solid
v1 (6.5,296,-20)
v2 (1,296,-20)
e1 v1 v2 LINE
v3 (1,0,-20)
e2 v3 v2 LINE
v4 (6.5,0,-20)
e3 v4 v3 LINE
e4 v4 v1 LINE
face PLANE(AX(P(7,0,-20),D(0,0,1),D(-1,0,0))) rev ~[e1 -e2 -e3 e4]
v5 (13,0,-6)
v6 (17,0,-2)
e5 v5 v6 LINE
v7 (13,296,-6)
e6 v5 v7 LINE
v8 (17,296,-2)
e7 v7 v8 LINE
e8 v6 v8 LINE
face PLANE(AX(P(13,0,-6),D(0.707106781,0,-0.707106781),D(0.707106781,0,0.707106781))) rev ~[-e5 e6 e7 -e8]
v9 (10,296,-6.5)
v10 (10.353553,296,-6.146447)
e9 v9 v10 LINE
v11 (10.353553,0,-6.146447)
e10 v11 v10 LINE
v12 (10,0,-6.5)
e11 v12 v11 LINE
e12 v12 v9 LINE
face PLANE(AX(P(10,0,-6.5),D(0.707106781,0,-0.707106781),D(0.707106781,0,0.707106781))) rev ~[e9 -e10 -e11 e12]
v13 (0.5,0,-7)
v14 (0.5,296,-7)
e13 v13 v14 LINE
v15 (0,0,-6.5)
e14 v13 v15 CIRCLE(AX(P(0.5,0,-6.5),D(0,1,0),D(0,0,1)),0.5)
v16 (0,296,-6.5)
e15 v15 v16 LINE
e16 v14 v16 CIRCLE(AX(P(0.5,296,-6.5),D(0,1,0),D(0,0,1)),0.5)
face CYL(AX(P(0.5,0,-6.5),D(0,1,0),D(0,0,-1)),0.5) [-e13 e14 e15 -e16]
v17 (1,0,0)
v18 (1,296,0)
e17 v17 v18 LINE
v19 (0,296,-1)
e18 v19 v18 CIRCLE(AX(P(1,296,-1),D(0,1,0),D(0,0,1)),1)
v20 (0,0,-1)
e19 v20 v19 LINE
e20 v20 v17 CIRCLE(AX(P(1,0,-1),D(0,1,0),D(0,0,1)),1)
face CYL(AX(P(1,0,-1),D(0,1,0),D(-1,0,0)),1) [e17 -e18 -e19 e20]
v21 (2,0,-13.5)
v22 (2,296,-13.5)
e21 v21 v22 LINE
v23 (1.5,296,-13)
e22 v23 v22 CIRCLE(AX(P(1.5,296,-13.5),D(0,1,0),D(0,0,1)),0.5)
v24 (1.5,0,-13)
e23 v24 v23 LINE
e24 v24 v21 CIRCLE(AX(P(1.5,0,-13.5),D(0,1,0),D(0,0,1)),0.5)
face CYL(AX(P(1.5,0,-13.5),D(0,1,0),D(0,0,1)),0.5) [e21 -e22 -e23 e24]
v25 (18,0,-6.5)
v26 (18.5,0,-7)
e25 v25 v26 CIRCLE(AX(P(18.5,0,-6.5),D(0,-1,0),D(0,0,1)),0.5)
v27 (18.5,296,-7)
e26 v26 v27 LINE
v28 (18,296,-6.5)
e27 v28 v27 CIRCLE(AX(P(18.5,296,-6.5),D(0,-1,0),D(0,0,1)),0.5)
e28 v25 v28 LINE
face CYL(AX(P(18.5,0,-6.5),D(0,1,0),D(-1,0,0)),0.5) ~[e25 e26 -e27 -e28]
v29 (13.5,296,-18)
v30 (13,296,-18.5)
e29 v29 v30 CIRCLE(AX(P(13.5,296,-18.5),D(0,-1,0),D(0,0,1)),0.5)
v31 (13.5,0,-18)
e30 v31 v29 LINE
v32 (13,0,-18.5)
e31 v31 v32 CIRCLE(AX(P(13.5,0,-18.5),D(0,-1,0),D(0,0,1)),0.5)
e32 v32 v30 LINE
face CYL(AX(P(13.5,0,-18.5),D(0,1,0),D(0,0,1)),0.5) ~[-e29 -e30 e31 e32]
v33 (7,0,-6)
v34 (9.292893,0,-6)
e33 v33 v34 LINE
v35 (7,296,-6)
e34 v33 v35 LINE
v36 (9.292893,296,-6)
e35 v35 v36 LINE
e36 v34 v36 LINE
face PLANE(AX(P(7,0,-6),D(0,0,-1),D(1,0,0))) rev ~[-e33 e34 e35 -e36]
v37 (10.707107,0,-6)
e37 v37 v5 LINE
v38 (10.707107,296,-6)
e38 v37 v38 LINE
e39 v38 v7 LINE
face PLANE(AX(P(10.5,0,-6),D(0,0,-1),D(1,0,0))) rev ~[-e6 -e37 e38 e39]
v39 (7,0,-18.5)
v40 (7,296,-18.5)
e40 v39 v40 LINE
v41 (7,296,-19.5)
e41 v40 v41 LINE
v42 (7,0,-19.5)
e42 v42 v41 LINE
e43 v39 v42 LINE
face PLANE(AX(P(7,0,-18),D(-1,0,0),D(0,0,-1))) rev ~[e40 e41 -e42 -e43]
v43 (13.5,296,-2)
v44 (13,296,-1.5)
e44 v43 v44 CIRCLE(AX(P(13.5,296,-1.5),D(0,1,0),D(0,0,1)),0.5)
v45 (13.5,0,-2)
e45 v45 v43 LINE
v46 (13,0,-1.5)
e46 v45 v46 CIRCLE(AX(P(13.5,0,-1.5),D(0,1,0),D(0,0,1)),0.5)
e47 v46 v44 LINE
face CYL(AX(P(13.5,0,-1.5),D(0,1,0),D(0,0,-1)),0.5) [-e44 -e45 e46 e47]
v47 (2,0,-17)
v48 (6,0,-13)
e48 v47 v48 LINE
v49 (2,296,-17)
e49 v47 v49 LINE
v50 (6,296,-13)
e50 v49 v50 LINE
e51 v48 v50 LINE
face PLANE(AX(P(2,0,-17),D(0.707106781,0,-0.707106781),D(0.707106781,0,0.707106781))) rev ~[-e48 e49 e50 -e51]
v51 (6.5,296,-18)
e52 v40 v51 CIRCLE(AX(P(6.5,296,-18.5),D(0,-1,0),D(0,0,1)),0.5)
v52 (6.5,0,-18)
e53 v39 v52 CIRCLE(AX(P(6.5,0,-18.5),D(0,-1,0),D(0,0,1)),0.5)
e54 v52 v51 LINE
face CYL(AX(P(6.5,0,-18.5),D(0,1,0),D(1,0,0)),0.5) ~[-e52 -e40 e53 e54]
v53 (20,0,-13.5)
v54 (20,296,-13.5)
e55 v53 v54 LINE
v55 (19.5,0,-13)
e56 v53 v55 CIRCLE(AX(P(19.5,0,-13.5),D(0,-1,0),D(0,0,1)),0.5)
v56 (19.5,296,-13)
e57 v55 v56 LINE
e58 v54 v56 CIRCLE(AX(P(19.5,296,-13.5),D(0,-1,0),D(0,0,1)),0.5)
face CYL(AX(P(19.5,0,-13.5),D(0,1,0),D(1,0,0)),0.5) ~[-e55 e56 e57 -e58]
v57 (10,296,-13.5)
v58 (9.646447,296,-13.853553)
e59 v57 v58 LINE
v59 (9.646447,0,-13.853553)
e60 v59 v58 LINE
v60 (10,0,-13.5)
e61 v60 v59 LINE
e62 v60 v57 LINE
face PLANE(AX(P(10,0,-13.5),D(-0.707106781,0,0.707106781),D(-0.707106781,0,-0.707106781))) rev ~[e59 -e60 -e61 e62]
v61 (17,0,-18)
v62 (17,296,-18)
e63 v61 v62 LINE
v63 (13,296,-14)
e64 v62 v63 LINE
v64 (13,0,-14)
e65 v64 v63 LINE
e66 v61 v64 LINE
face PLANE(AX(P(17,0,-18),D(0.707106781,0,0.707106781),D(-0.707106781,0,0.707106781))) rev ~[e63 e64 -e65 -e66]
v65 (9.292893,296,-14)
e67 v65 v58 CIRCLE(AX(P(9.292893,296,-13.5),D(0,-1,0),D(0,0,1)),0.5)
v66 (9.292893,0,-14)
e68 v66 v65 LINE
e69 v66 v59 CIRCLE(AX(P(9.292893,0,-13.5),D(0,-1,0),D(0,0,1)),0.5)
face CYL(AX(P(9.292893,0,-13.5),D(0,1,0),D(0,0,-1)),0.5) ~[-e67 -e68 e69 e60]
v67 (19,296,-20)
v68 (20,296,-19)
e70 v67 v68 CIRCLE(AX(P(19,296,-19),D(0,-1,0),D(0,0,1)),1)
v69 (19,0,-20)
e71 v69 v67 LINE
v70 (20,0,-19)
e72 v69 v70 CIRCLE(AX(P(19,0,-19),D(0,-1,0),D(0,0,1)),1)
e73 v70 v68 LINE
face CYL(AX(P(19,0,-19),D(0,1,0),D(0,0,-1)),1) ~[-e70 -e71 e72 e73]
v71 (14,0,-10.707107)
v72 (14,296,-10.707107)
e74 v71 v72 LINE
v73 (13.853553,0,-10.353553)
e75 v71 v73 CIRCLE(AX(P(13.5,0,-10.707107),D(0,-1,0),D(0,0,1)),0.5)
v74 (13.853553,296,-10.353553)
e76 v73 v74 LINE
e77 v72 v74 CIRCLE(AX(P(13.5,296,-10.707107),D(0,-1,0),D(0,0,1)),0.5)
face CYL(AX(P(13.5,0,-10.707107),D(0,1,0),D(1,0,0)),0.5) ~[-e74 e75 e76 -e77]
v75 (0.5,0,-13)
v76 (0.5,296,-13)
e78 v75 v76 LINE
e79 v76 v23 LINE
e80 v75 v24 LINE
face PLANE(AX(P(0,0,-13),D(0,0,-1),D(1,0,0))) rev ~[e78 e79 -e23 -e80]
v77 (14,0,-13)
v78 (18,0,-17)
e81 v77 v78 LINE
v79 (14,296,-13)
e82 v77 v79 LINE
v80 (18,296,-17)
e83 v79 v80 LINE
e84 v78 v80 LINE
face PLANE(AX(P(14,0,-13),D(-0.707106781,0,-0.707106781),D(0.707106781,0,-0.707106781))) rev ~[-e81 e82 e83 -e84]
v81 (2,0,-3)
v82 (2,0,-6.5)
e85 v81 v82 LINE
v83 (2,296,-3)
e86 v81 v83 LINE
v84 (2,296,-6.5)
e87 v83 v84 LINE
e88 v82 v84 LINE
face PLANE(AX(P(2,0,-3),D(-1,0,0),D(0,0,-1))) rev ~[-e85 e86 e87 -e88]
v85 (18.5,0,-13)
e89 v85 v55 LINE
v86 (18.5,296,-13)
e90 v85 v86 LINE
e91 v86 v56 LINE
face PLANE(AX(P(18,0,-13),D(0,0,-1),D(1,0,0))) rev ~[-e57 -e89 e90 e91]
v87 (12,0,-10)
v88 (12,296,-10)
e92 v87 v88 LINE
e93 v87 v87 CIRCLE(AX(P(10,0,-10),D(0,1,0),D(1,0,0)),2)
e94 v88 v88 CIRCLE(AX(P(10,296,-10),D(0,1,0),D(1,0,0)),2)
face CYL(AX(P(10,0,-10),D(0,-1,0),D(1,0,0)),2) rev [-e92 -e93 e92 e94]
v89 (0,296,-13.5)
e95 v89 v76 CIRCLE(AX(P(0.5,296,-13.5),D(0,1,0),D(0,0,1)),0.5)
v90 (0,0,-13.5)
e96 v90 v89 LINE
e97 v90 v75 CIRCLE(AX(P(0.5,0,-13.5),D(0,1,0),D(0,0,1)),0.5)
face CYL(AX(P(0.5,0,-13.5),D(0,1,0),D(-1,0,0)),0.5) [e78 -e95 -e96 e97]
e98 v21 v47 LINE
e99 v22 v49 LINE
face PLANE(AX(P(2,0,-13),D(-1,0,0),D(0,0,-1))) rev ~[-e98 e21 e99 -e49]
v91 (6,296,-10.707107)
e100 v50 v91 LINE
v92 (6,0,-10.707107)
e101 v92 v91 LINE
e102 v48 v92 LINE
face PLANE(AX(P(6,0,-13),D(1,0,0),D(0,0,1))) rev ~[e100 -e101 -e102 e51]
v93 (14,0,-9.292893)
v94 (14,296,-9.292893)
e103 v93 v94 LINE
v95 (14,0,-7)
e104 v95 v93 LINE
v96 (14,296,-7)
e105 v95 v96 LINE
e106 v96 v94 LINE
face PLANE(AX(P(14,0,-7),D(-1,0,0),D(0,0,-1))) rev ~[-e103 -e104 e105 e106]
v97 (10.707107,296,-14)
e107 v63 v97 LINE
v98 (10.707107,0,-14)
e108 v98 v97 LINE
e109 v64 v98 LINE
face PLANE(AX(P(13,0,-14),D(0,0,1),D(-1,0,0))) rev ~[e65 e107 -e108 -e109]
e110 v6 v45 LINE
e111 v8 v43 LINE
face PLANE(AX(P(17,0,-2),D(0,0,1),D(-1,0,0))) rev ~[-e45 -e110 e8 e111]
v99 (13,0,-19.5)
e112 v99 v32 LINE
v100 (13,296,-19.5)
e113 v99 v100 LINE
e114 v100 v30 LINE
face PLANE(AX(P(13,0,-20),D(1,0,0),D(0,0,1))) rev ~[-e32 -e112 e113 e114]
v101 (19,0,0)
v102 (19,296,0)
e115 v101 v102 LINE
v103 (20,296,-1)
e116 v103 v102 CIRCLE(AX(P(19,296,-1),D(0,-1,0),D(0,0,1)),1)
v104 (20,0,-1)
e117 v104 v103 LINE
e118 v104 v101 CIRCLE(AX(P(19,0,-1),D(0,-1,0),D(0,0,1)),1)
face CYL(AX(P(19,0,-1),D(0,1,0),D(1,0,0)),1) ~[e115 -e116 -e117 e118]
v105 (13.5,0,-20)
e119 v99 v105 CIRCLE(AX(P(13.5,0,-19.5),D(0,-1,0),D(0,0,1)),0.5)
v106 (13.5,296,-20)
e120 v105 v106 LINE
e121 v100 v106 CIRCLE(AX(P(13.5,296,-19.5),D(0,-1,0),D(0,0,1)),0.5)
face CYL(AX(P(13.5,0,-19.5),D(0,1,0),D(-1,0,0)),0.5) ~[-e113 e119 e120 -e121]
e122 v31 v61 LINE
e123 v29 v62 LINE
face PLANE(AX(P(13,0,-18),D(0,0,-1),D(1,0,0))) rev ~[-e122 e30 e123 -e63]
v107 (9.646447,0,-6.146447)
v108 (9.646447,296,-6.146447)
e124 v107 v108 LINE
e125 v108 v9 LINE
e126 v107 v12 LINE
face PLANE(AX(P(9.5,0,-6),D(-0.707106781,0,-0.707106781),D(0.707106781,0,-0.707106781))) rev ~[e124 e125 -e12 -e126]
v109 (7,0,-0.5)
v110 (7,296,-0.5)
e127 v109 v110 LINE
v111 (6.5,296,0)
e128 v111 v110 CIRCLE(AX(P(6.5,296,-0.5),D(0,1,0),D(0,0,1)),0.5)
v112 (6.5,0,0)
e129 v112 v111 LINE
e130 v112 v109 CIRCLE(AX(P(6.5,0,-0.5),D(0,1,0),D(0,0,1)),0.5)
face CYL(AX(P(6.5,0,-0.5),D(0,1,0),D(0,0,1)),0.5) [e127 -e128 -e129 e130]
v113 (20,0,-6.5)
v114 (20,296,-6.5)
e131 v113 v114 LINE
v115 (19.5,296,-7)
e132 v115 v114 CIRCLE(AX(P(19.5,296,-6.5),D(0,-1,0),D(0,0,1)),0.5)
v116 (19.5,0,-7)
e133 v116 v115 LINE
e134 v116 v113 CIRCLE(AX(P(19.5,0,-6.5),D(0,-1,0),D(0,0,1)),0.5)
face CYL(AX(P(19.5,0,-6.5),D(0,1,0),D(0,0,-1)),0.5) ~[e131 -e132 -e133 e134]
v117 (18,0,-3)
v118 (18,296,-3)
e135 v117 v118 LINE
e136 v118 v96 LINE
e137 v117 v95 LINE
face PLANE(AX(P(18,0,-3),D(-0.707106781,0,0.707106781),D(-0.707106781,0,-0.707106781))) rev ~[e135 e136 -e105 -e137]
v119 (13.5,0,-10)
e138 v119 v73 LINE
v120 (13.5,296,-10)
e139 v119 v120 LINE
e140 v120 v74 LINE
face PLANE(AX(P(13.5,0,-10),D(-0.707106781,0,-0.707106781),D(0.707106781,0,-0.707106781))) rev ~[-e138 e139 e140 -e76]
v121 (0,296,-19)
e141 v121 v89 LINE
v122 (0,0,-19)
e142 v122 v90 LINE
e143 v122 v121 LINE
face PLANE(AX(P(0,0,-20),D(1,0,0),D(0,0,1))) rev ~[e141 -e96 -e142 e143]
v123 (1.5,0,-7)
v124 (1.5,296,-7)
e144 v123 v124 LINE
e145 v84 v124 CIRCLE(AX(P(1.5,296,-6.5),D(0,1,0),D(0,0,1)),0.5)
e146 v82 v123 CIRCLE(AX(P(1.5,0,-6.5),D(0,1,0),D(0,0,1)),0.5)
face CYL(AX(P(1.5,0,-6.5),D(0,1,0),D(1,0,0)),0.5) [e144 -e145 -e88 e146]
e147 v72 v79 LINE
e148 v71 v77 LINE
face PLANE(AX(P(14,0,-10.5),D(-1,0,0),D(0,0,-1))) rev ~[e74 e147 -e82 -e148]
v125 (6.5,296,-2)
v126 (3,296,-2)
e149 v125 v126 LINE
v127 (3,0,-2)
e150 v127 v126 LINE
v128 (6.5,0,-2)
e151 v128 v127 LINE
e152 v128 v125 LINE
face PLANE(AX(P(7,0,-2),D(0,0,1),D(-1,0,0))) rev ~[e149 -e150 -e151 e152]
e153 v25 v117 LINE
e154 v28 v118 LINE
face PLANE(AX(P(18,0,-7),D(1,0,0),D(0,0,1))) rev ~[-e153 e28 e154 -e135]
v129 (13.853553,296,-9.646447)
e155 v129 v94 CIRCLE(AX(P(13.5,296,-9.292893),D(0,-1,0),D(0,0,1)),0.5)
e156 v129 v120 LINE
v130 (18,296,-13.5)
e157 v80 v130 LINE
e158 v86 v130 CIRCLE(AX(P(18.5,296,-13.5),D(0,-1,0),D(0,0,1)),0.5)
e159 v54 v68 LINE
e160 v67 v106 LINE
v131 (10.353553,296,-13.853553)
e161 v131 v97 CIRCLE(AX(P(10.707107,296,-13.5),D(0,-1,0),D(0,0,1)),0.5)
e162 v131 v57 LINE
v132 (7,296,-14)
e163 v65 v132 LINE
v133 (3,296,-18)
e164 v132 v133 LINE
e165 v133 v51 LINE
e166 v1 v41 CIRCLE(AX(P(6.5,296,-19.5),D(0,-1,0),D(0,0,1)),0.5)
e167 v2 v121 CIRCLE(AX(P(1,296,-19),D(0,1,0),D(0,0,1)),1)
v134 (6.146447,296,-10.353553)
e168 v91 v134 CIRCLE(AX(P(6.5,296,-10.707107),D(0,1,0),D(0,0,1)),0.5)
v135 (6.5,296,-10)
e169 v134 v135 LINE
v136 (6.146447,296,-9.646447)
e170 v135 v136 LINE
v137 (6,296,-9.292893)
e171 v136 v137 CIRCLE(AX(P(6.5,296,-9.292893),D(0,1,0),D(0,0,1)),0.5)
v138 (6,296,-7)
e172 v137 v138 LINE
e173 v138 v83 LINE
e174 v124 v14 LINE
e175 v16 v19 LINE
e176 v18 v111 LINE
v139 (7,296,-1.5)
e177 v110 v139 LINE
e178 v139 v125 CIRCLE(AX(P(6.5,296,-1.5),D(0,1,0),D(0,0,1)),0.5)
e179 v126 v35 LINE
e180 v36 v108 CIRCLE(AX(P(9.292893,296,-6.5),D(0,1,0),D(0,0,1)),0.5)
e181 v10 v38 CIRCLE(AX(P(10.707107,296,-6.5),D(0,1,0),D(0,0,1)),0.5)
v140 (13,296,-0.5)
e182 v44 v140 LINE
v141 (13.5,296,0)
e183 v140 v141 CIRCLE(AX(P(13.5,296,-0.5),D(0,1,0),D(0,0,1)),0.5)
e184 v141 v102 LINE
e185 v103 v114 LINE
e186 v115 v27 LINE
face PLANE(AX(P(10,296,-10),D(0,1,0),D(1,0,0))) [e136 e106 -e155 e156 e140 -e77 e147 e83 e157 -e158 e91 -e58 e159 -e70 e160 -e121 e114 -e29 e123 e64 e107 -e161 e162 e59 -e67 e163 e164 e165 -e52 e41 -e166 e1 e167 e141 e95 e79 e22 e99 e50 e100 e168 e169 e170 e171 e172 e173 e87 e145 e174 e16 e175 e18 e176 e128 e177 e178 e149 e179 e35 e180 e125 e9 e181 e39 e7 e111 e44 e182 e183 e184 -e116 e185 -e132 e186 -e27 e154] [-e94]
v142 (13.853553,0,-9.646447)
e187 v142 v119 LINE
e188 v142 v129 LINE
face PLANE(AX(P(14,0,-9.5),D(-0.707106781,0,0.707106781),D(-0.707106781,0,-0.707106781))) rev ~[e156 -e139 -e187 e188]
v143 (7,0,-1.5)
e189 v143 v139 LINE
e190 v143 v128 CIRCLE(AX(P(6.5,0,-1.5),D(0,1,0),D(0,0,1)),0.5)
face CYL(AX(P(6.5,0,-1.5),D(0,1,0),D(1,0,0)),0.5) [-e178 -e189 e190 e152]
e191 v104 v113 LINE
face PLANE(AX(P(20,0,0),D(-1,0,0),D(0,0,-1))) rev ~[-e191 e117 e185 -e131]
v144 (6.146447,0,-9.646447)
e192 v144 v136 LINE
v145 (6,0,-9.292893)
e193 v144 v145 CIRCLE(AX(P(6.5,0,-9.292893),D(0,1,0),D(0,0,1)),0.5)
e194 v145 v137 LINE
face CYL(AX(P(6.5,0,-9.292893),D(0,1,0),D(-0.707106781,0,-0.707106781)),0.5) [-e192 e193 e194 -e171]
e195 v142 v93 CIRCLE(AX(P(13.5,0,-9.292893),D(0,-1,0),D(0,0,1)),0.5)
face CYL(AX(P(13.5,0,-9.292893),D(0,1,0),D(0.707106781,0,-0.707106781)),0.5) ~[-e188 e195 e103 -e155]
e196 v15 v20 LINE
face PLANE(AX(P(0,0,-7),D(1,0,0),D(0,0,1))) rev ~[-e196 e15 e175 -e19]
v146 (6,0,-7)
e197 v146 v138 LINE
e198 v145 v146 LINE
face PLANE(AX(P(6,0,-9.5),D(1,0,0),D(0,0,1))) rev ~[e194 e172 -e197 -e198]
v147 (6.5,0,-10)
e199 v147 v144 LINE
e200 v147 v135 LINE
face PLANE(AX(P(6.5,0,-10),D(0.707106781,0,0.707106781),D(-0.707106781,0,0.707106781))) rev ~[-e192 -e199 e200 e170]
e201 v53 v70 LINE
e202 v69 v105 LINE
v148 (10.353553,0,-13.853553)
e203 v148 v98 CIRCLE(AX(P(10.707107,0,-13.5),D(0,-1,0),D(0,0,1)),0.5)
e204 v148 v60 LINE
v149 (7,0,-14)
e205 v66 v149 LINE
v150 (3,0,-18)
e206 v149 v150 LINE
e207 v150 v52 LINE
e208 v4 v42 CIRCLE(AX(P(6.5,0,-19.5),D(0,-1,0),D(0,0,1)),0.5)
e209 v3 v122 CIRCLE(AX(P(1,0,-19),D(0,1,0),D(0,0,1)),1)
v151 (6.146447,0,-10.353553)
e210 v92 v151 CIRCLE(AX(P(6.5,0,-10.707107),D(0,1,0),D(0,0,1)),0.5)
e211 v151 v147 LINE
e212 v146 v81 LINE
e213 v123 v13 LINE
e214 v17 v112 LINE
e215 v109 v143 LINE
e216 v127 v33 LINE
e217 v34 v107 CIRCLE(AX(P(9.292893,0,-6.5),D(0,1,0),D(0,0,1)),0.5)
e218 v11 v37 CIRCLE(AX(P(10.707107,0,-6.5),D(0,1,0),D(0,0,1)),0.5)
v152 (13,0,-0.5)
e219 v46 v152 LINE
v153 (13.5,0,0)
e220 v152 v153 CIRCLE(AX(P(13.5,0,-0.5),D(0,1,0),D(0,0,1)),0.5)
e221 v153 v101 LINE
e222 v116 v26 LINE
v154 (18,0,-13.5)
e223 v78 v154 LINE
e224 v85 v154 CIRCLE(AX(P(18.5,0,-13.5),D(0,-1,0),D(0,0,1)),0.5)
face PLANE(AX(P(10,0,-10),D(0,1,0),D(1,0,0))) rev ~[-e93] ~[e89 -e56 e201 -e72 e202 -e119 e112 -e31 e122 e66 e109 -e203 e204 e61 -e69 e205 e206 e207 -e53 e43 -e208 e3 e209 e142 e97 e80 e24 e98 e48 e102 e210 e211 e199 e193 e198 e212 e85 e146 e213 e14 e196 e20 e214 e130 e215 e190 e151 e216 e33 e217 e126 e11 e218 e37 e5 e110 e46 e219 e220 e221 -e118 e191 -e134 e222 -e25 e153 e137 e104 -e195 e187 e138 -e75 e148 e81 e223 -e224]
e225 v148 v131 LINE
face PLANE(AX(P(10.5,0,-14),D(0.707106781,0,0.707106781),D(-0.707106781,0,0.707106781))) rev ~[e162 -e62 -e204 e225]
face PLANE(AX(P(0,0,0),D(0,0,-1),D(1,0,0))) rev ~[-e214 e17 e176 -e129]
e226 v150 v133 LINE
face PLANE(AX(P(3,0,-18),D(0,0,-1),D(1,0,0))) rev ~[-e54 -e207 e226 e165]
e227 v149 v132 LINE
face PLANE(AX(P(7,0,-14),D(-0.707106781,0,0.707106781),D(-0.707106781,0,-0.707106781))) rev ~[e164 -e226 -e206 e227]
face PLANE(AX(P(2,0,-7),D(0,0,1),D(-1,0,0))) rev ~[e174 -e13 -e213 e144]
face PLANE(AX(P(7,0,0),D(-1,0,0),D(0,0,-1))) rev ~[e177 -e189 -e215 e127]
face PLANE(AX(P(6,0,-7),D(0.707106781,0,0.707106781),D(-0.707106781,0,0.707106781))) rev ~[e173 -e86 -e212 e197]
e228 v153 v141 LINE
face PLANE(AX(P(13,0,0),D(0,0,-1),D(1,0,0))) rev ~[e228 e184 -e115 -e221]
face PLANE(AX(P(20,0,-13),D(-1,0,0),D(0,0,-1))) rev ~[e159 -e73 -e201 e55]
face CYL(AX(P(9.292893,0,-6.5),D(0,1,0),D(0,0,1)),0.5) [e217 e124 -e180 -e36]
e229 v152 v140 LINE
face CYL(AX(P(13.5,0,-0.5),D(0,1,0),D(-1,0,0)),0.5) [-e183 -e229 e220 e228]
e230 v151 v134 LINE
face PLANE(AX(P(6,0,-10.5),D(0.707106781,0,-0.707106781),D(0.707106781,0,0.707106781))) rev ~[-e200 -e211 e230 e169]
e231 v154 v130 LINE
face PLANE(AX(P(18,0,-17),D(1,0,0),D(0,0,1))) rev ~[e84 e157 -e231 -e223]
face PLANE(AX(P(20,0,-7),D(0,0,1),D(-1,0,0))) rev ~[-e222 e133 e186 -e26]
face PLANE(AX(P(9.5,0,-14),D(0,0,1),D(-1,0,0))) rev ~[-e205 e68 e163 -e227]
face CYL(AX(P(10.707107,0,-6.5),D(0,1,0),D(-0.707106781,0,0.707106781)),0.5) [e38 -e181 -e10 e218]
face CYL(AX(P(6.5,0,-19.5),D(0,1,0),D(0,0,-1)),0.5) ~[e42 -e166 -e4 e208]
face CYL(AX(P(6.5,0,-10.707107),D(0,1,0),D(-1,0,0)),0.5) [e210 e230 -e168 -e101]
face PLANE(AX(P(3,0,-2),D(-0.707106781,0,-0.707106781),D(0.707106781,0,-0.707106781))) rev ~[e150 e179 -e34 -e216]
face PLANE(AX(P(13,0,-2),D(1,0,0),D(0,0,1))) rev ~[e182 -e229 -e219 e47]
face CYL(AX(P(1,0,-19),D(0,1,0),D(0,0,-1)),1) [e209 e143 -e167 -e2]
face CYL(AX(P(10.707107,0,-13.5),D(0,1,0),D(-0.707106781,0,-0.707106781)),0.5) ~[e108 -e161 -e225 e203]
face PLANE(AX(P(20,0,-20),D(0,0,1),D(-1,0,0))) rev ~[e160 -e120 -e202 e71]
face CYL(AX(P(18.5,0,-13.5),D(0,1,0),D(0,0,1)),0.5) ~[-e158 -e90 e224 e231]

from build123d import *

# Parameters (mm, degrees)
SKETCH1_R           = 2
BOSS_EXTRUDE1_DEPTH = 296
FILLET1_R           = 1
FILLET2_R           = 0.5
FILLET4_R           = 0.5


with BuildPart() as part:
    # Sketch1 → Boss-Extrude1 (new body)
    with BuildSketch(Plane(origin=(0, 0, 0), x_dir=(1, 0, 0), z_dir=(0, 1, 0))):
        Polygon((7, 18), (7, 20), (0, 20), (0, 13), (2, 13), (2, 17), (6, 13), (6, 10.5), (6.5, 10), (6, 9.5), (6, 7), (2, 3), (2, 7), (0, 7), (0, 0), (7, 0), (7, 2), (3, 2), (7, 6), (9.5, 6), (10, 6.5), (10.5, 6), (13, 6), (17, 2), (13, 2), (13, 0), (20, 0), (20, 7), (18, 7), (18, 3), (14, 7), (14, 9.5), (13.5, 10), (14, 10.5), (14, 13), (18, 17), (18, 13), (20, 13), (20, 20), (13, 20), (13, 18), (17, 18), (13, 14), (10.5, 14), (10, 13.5), (9.5, 14), (7, 14), (3, 18), align=None)
        with Locations((10, 10)):
            Circle(SKETCH1_R, mode=Mode.SUBTRACT)
    extrude(amount=BOSS_EXTRUDE1_DEPTH)

    # Fillet1
    fillet1_edges = [part.edges().sort_by_distance(p)[0] for p in [
        (0, 148, -20),
        (20, 148, -20),
        (20, 148, 0),
        (0, 148, 0),
    ]]
    fillet(fillet1_edges, radius=FILLET1_R)

    # Fillet2
    fillet2_edges = [part.edges().sort_by_distance(p)[0] for p in [
        (2, 148, -13),
        (0, 148, -13),
        (7, 148, -20),
        (7, 148, -18),
        (13, 148, -18),
        (13, 148, -20),
        (20, 148, -13),
        (18, 148, -13),
        (18, 148, -7),
        (20, 148, -7),
        (13, 148, 0),
        (13, 148, -2),
        (7, 148, -2),
        (7, 148, 0),
        (0, 148, -7),
        (2, 148, -7),
    ]]
    fillet(fillet2_edges, radius=FILLET2_R)

    # Fillet4
    fillet4_edges = [part.edges().sort_by_distance(p)[0] for p in [
        (9.5, 148, -14),
        (10.5, 148, -14),
        (14, 148, -10.5),
        (14, 148, -9.5),
        (10.5, 148, -6),
        (9.5, 148, -6),
        (6, 148, -9.5),
        (6, 148, -10.5),
    ]]
    fillet(fillet4_edges, radius=FILLET4_R)


solid = part.part
